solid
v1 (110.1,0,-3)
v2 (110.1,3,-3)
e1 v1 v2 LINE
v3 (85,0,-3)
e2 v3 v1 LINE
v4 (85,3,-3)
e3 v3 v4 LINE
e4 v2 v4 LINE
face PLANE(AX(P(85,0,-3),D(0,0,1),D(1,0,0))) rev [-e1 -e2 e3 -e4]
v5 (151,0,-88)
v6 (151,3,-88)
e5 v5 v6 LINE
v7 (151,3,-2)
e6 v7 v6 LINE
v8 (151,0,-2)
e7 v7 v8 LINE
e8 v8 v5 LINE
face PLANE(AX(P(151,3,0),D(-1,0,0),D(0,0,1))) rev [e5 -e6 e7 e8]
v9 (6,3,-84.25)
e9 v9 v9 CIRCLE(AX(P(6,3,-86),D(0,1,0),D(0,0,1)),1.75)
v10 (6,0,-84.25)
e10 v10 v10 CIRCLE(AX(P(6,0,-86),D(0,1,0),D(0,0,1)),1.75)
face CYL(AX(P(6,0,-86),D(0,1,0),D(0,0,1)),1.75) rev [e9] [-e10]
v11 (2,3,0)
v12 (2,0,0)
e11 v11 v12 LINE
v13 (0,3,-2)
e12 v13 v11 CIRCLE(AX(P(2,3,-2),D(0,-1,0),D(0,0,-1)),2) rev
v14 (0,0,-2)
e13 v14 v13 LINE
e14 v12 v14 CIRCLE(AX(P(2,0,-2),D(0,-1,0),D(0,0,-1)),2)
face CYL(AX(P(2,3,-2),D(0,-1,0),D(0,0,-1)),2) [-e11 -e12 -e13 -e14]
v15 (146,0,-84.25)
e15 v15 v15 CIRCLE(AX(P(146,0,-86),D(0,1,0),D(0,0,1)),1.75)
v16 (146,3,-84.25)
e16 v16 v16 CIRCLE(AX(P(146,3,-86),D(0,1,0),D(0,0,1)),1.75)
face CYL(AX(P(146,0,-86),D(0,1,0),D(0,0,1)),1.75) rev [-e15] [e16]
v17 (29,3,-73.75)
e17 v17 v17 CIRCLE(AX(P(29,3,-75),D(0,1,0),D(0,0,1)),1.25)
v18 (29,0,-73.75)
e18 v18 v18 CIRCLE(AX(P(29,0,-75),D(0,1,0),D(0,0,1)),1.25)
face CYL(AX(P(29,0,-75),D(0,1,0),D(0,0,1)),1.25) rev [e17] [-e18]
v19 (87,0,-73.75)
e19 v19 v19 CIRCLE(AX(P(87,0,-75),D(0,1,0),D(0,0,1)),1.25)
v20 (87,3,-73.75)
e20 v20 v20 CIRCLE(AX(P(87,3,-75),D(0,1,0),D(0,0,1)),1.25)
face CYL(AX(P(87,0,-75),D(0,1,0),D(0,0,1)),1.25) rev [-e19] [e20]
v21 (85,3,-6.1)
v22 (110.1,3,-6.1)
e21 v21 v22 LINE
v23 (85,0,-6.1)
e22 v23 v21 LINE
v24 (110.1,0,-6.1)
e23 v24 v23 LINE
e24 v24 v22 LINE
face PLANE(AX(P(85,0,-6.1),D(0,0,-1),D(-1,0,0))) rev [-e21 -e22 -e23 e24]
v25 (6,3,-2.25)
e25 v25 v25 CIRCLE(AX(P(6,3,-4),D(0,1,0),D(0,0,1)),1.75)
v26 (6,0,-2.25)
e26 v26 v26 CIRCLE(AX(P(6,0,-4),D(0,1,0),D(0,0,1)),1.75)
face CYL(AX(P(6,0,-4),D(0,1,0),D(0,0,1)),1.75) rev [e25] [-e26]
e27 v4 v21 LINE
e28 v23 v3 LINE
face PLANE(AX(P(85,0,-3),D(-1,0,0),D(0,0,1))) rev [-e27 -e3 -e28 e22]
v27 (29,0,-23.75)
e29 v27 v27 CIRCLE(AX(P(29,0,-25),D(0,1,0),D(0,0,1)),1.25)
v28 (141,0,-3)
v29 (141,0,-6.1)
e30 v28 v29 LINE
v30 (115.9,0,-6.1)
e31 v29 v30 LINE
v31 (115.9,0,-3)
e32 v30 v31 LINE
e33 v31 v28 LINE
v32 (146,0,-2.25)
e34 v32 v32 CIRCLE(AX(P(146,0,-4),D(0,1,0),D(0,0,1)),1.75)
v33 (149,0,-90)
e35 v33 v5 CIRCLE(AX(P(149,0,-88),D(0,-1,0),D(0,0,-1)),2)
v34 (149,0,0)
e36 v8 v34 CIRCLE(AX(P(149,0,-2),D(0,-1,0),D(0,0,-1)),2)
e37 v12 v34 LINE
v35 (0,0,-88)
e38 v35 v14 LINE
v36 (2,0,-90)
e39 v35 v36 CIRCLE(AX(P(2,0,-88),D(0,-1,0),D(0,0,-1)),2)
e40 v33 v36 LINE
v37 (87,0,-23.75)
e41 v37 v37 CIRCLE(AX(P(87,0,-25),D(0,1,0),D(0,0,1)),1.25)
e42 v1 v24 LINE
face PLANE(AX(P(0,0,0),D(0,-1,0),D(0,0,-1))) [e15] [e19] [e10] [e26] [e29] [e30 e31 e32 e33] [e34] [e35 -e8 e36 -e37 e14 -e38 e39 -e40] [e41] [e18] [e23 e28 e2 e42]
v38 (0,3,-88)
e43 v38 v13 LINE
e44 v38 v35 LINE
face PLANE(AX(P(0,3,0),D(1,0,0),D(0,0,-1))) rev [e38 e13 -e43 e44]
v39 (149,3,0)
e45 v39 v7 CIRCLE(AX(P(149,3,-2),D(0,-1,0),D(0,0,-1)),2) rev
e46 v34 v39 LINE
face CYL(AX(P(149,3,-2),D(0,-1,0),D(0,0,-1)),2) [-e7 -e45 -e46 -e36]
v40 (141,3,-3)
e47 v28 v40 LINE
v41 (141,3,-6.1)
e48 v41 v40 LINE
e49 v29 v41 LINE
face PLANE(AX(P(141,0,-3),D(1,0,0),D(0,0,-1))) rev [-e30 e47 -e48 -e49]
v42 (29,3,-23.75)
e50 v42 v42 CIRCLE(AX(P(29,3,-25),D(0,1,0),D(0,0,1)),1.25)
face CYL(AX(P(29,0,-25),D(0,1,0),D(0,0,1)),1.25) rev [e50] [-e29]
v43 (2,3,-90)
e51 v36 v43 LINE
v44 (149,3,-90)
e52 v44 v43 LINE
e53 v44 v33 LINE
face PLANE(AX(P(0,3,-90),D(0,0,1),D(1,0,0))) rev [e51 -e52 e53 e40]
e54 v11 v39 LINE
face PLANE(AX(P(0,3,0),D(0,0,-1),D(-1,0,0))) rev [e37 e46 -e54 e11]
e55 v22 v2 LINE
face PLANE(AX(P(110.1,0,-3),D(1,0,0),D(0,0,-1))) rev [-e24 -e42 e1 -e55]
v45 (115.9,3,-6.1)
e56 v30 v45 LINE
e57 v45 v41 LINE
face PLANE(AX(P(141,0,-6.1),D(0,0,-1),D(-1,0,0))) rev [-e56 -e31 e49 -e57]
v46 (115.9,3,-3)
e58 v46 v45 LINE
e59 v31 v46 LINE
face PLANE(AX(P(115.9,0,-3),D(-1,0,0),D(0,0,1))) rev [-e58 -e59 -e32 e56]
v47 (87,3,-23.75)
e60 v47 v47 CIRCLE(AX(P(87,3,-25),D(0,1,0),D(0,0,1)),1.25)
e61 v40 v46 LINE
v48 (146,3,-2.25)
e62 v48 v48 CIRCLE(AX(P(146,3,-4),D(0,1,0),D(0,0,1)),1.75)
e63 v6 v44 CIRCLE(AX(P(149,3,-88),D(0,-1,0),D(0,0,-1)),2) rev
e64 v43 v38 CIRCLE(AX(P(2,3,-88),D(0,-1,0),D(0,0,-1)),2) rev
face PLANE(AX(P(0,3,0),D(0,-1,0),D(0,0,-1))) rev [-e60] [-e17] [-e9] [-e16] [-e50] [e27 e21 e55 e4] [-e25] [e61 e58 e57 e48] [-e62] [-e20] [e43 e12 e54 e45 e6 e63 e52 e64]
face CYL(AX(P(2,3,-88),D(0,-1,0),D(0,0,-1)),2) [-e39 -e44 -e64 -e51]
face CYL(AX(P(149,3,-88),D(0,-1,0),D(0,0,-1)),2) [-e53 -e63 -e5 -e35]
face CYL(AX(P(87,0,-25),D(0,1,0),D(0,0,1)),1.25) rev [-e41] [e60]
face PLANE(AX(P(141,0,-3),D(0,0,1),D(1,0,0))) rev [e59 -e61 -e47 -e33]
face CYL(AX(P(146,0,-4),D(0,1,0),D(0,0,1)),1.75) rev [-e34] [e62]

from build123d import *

# Parameters (mm, degrees)
SKETCH1_W               = 151
SKETCH1_H               = 90
BOSS_EXTRUDE1_DEPTH     = 3
SKETCH2_R               = 1.75
CUT_EXTRUDE1_DEPTH      = 176.812400018
FILLET1_R               = 2
SKETCH3_R               = 1.25
CUT_EXTRUDE2_DEPTH      = 176.812400018
CUT_EXTRUDE3_DEPTH      = 176.812400018
CUT_EXTRUDE3_DEPTH_BACK = 176.812400018
SKETCH4_W               = 25.1
SKETCH4_H               = 3.1


with BuildPart() as part:
    # Sketch1 → Boss-Extrude1 (new body)
    with BuildSketch(Plane(origin=(0, 0, 0), x_dir=(1, 0, 0), z_dir=(0, 1, 0))):
        with Locations((75.5, 45)):
            Rectangle(SKETCH1_W, SKETCH1_H)
    extrude(amount=BOSS_EXTRUDE1_DEPTH)

    # Sketch2 → Cut-Extrude1 (cut, through all)
    with BuildSketch(Plane(origin=(0, 3, 0), x_dir=(1, 0, 0), z_dir=(0, 1, 0))):
        with Locations(Location((146, 86, 0), (0, 0, 270))):
            Circle(SKETCH2_R)
        with Locations(Location((146, 4, 0), (0, 0, 270))):
            Circle(SKETCH2_R)
        with Locations(Location((6, 86, 0), (0, 0, 270))):
            Circle(SKETCH2_R)
        with Locations(Location((6, 4, 0), (0, 0, 270))):
            Circle(SKETCH2_R)
    extrude(amount=-CUT_EXTRUDE1_DEPTH, mode=Mode.SUBTRACT)

    # Fillet1
    fillet1_edges = [part.edges().sort_by_distance(p)[0] for p in [
        (0, 1.5, -90),
        (151, 1.5, -90),
        (151, 1.5, 0),
        (0, 1.5, 0),
    ]]
    fillet(fillet1_edges, radius=FILLET1_R)

    # Sketch3 → Cut-Extrude2 (cut, through all)
    with BuildSketch(Plane(origin=(0, 3, 0), x_dir=(1, 0, 0), z_dir=(0, 1, 0))):
        with Locations(Location((87, 75, 0), (0, 0, 270))):
            Circle(SKETCH3_R)
        with Locations(Location((29, 75, 0), (0, 0, 270))):
            Circle(SKETCH3_R)
        with Locations(Location((87, 25, 0), (0, 0, 270))):
            Circle(SKETCH3_R)
        with Locations(Location((29, 25, 0), (0, 0, 270))):
            Circle(SKETCH3_R)
    extrude(amount=-CUT_EXTRUDE2_DEPTH, mode=Mode.SUBTRACT)

    # Sketch4 → Cut-Extrude3 (cut, two sides: drawn at the far end of the back side and taken through both)
    with BuildSketch(Plane(origin=(0, 3, 0), x_dir=(1, 0, 0), z_dir=(0, 1, 0)).offset(-CUT_EXTRUDE3_DEPTH_BACK)):
        with Locations((97.55, 4.55)):
            Rectangle(SKETCH4_W, SKETCH4_H)
        with Locations((128.45, 4.55)):
            Rectangle(SKETCH4_W, SKETCH4_H)
    extrude(amount=CUT_EXTRUDE3_DEPTH + CUT_EXTRUDE3_DEPTH_BACK, mode=Mode.SUBTRACT)


solid = part.part
